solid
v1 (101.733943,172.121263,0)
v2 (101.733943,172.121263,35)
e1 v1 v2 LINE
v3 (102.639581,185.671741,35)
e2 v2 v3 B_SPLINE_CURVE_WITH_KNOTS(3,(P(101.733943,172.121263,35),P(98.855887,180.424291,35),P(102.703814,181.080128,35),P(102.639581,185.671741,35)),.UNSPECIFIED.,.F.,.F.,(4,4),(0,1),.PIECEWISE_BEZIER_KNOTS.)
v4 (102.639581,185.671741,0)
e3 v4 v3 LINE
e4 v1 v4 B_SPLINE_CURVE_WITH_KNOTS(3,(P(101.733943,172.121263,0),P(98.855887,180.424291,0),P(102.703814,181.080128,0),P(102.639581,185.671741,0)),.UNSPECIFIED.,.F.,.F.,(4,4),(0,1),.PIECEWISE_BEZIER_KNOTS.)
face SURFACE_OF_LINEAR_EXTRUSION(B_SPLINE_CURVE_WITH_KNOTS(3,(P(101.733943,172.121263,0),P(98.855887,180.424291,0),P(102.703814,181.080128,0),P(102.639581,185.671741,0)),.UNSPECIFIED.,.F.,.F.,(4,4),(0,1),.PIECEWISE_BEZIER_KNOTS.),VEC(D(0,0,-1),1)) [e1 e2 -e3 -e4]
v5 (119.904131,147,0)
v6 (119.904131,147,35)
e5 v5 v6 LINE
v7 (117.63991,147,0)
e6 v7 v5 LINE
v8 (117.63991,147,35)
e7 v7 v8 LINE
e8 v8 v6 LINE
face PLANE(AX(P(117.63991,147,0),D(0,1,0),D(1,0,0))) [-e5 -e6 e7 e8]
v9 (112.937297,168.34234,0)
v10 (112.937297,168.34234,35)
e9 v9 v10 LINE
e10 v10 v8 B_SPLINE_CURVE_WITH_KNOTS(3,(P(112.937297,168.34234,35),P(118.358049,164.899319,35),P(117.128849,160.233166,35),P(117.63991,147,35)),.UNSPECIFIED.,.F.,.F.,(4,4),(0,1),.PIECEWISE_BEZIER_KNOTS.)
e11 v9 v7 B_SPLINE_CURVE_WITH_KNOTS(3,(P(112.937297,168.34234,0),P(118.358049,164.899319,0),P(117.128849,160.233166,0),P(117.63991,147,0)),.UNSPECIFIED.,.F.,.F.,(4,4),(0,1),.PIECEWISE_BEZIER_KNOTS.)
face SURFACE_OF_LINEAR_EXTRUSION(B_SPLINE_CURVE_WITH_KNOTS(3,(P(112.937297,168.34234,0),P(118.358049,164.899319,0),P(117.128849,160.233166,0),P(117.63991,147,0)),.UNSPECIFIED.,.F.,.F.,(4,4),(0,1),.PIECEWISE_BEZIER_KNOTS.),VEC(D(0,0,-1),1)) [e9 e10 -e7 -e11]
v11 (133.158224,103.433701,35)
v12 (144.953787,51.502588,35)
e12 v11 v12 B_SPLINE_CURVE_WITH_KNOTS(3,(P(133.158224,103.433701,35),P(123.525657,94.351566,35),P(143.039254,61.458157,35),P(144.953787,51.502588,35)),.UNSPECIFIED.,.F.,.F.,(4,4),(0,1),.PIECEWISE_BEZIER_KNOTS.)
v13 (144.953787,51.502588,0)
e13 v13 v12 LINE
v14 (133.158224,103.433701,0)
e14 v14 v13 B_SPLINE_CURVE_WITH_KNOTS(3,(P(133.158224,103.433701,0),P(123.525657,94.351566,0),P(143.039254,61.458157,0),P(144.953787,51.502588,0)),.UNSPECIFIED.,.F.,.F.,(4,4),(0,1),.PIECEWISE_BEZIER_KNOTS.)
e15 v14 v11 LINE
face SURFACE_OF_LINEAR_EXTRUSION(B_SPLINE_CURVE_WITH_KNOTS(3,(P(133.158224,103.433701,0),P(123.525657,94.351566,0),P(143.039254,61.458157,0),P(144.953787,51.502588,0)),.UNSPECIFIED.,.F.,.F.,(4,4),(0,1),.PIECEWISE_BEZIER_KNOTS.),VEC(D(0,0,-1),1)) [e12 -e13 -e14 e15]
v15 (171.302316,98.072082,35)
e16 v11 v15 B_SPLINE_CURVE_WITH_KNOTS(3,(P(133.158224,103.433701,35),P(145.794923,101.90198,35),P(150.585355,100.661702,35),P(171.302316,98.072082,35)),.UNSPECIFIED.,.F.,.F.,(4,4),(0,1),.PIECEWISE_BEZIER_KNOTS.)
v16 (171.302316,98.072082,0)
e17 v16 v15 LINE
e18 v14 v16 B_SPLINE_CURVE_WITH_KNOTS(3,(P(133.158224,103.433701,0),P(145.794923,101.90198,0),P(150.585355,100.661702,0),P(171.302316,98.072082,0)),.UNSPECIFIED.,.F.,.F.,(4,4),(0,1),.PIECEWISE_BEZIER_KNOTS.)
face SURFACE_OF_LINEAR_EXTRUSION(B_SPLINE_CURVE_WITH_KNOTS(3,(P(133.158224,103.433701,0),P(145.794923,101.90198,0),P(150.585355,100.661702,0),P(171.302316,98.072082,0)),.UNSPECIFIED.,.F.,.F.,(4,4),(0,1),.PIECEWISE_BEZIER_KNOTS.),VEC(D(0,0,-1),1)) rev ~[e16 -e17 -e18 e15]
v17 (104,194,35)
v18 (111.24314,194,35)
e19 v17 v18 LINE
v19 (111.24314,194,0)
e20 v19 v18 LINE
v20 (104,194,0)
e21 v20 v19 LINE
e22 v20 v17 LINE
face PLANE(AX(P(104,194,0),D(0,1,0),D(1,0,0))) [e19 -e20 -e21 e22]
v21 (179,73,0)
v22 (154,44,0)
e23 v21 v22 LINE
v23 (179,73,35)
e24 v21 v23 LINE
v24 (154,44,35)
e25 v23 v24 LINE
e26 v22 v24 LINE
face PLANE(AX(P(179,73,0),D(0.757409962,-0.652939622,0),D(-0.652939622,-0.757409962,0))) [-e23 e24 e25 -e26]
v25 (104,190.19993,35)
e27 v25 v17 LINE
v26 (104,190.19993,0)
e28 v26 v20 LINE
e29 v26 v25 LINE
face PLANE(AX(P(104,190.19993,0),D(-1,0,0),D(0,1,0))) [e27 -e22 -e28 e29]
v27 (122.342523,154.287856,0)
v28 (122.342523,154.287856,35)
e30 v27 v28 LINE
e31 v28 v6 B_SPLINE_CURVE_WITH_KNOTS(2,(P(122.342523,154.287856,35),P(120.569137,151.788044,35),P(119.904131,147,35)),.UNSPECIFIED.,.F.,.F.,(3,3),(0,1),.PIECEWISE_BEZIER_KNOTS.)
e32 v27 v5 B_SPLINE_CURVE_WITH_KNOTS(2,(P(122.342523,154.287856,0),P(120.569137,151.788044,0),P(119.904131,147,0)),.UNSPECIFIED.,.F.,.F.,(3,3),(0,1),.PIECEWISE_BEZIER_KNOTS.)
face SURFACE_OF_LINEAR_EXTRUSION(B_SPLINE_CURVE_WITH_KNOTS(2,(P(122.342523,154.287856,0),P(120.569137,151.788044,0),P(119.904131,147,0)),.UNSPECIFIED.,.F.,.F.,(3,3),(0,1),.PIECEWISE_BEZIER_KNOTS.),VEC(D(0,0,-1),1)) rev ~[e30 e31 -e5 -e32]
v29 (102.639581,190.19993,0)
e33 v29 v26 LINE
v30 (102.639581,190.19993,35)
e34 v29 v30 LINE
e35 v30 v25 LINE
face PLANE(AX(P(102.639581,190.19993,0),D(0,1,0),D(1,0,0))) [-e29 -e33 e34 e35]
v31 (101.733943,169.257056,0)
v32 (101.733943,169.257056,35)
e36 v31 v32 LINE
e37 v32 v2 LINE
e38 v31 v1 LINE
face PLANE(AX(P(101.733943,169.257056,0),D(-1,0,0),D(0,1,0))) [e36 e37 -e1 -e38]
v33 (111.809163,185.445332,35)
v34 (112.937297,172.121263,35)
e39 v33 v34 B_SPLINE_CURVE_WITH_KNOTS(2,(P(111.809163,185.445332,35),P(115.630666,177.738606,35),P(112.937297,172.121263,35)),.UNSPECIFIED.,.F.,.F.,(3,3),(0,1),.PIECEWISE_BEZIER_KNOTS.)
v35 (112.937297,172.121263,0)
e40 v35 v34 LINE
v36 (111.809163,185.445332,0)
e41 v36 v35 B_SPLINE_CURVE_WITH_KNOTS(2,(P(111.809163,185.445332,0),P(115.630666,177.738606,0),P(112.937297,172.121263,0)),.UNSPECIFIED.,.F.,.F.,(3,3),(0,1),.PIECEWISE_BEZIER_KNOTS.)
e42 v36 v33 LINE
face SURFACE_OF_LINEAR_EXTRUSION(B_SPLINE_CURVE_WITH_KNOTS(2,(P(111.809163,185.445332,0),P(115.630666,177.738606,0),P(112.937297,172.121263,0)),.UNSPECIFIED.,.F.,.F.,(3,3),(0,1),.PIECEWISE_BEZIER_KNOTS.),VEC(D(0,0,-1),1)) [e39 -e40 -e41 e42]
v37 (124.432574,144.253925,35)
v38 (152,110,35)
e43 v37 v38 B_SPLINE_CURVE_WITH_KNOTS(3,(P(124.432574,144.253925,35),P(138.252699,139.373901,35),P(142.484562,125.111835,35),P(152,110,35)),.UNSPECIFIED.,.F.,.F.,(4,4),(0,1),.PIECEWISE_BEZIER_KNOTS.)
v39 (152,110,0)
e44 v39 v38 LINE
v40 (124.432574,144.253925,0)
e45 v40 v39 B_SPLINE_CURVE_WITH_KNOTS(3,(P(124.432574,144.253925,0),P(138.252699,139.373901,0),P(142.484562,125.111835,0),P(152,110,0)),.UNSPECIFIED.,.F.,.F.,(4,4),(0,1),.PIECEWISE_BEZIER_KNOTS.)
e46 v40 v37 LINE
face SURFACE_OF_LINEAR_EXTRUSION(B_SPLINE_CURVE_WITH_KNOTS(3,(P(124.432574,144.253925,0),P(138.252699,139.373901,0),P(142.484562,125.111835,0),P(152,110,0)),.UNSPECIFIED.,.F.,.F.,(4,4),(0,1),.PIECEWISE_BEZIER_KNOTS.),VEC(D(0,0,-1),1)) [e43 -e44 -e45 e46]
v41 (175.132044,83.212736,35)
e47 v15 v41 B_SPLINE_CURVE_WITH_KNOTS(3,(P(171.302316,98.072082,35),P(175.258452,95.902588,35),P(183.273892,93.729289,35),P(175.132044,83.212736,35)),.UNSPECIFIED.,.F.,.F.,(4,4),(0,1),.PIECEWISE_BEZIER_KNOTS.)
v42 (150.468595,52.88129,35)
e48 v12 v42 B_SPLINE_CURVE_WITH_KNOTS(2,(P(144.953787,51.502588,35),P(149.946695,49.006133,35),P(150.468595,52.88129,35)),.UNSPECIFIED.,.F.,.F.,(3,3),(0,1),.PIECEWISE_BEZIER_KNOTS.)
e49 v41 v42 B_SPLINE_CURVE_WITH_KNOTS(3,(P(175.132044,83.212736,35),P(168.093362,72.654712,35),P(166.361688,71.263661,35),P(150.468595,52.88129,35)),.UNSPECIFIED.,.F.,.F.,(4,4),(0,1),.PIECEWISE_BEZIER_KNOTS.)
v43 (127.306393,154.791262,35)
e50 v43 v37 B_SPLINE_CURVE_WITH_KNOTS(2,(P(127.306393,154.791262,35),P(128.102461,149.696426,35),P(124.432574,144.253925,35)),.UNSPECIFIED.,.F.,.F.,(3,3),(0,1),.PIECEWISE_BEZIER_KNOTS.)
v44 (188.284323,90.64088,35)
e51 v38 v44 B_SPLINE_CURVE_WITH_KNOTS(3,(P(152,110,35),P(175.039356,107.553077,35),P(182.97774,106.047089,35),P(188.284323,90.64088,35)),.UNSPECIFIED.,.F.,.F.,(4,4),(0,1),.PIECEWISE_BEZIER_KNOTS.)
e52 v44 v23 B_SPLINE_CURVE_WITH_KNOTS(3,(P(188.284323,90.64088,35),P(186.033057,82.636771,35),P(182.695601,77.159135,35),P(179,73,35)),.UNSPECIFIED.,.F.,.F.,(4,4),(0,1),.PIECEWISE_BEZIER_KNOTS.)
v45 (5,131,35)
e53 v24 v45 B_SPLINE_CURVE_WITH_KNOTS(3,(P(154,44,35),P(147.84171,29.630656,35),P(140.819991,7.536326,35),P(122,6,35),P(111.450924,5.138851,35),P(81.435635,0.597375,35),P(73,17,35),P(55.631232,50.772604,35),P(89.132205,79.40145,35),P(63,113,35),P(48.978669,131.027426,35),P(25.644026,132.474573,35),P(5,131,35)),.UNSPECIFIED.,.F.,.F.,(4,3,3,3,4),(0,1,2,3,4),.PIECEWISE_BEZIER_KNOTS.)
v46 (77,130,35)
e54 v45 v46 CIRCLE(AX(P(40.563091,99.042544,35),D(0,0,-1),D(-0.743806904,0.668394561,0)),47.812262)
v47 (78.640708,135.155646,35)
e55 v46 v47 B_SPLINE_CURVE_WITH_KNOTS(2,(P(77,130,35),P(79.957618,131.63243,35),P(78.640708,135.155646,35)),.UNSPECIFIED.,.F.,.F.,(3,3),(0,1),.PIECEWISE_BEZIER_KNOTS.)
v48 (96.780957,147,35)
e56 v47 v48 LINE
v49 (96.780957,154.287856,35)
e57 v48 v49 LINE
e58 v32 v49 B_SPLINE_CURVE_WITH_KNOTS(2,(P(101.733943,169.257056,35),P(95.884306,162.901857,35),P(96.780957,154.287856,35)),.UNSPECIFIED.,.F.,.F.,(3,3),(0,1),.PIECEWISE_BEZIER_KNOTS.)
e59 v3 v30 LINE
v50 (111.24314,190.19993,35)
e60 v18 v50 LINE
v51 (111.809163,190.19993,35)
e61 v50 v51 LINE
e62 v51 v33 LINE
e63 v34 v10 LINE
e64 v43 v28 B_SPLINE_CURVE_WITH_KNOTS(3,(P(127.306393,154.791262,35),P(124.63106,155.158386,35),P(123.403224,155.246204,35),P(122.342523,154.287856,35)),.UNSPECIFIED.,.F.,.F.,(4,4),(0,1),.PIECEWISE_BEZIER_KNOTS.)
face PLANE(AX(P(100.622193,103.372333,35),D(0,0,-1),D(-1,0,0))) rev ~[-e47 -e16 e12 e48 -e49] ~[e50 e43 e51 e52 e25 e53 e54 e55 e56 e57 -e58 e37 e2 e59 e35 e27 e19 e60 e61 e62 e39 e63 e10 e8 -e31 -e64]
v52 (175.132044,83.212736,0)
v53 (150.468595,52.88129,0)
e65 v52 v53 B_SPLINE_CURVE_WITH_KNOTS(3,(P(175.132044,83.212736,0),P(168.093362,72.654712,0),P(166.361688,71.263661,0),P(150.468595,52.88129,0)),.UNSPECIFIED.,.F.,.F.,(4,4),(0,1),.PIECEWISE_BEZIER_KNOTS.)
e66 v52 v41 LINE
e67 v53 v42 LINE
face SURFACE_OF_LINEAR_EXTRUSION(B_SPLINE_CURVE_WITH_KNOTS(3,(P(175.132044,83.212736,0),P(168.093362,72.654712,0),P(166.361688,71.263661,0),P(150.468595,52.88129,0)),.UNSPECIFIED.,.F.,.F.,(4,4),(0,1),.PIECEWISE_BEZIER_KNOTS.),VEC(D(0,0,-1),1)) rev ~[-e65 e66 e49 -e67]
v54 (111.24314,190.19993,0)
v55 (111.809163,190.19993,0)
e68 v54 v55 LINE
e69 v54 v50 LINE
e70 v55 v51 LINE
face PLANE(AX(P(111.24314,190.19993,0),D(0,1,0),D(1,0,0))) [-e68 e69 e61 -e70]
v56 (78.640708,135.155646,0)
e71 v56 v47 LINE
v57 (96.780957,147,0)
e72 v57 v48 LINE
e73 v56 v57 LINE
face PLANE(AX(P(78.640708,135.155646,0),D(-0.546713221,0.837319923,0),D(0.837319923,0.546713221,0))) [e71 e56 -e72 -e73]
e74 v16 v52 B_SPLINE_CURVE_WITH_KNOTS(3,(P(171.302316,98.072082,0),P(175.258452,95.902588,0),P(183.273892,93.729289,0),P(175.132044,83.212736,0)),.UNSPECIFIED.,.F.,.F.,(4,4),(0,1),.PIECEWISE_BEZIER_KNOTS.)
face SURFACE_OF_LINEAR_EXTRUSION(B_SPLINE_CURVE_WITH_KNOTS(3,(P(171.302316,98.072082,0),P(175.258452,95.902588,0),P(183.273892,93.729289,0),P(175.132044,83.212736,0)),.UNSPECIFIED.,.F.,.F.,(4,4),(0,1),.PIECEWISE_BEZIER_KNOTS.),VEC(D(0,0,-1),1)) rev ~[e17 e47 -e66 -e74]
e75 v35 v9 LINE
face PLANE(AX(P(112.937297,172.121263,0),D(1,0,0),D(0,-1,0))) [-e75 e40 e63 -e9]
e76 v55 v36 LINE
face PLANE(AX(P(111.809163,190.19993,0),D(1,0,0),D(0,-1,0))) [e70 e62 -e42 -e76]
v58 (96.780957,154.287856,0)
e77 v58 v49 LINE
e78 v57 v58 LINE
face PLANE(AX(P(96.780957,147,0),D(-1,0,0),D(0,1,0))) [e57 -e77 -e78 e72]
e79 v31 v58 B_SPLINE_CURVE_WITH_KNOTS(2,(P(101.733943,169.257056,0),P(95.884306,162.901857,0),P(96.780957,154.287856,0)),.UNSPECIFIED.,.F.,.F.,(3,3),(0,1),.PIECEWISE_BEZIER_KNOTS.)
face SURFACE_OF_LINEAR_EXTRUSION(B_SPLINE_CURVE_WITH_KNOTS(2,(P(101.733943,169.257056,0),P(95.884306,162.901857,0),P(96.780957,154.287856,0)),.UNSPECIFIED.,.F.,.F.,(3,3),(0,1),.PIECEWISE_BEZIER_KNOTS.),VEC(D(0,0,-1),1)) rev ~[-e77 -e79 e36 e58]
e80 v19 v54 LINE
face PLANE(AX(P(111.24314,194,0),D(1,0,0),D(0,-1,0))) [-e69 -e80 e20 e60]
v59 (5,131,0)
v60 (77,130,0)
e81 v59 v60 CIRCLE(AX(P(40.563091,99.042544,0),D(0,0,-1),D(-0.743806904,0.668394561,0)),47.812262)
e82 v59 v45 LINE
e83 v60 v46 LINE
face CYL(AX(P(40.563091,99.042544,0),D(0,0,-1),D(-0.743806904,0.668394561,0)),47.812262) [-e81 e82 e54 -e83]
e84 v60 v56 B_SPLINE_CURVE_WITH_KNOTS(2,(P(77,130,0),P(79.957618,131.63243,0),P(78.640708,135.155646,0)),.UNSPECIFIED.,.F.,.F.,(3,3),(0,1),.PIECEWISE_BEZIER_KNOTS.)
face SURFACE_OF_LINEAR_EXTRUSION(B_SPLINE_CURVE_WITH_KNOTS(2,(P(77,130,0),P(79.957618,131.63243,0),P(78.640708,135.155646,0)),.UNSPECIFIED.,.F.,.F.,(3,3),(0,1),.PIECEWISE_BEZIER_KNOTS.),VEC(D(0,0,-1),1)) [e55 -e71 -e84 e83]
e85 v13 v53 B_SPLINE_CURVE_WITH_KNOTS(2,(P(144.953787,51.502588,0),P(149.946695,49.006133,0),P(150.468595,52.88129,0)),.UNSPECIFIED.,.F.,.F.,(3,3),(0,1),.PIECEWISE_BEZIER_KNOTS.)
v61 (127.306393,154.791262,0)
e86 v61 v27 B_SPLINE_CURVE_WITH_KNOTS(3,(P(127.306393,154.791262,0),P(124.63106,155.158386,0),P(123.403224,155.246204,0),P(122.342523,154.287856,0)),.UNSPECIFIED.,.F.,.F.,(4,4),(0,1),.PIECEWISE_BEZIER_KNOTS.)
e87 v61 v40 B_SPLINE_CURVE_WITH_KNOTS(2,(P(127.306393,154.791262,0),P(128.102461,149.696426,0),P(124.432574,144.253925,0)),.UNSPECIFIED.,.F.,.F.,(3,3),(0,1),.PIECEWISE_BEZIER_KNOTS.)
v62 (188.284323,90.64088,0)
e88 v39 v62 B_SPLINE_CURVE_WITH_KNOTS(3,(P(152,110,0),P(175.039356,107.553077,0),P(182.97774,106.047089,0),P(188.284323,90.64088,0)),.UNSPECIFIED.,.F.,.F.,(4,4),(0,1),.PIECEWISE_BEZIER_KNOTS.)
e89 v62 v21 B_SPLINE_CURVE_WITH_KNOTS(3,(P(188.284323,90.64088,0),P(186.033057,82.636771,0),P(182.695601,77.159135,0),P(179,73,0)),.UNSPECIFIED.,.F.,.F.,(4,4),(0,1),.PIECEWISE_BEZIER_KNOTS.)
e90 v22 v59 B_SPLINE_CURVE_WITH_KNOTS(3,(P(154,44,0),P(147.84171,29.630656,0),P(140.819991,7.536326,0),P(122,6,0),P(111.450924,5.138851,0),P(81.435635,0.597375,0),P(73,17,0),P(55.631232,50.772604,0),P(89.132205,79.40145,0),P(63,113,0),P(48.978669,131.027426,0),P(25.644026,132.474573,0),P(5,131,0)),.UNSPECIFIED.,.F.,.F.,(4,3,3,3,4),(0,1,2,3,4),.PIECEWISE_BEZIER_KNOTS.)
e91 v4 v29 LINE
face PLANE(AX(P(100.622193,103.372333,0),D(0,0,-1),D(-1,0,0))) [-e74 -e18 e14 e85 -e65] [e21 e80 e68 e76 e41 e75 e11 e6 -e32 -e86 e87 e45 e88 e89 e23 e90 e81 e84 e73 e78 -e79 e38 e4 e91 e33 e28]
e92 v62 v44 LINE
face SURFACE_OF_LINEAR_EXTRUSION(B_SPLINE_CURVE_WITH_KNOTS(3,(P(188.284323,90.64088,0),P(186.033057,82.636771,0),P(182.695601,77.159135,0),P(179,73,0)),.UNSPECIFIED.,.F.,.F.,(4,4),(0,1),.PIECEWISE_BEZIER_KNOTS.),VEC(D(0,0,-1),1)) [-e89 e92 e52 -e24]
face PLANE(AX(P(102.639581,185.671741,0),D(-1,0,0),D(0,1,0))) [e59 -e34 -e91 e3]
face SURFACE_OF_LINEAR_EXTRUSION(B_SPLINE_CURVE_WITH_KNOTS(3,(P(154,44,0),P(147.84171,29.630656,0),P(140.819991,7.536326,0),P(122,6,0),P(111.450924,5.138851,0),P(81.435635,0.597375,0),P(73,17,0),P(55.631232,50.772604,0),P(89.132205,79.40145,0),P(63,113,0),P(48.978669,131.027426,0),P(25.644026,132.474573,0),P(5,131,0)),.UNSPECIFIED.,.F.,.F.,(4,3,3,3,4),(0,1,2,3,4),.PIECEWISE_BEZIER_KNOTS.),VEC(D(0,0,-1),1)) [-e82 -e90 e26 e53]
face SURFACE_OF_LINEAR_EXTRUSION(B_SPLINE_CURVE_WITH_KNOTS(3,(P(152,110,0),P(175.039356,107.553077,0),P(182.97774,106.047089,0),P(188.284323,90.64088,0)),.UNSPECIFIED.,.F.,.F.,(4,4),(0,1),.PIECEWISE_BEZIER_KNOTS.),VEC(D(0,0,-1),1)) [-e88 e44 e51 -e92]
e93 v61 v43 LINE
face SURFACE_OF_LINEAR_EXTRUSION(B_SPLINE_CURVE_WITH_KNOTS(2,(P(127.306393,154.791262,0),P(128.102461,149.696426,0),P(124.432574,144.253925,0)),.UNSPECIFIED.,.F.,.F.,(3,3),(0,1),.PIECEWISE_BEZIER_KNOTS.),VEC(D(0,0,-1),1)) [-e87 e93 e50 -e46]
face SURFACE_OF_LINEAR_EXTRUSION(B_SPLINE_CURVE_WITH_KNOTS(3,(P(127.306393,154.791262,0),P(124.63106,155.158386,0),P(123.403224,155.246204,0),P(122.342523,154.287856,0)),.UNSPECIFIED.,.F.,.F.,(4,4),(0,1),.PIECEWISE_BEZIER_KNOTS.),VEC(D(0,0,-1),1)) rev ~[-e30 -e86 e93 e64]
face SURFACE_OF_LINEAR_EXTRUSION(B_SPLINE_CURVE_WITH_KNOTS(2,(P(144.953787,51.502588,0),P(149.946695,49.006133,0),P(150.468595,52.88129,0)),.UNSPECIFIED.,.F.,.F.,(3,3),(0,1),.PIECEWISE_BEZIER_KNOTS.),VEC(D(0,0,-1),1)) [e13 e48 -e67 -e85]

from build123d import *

# Parameters (mm, degrees)
BOSS_EXTRUDE1_DEPTH = 35


with BuildPart() as part:
    # Sketch3 → Boss-Extrude1 (new body)
    with BuildSketch(Plane.XY):
        with BuildLine():
            Line((104, 194), (111.243139856, 194))
            Line((111.243139856, 194), (111.243139856, 190.199930167))
            Line((111.243139856, 190.199930167), (111.809163479, 190.199930167))
            Line((111.809163479, 190.199930167), (111.809163479, 185.445331727))
            add(Edge.make_bspline(
                [(111.809163479, 185.445331727), (115.630666058, 177.738605975), (112.937296847, 172.1212629)],
                knots=[0, 0, 0, 1, 1, 1], degree=2))
            Line((112.937296847, 172.1212629), (112.937296847, 168.342339632))
            add(Edge.make_bspline(
                [(112.937296847, 168.342339632), (118.358048897, 164.899319212), (117.128849175, 160.233165907), (117.639910042, 147)],
                knots=[0, 0, 0, 0, 1, 1, 1, 1], degree=3))
            Line((117.639910042, 147), (119.90413121, 147))
            add(Edge.make_bspline(
                [(122.342523237, 154.28785602), (120.569137325, 151.788044026), (119.90413121, 147)],
                knots=[0, 0, 0, 1, 1, 1], degree=2))
            add(Edge.make_bspline(
                [(127.30639272, 154.791262423), (124.631060475, 155.158386188), (123.403223541, 155.246203552), (122.342523237, 154.28785602)],
                knots=[0, 0, 0, 0, 1, 1, 1, 1], degree=3))
            add(Edge.make_bspline(
                [(127.30639272, 154.791262423), (128.102460929, 149.696425885), (124.432573546, 144.253925449)],
                knots=[0, 0, 0, 1, 1, 1], degree=2))
            add(Edge.make_bspline(
                [(124.432573546, 144.253925449), (138.252698579, 139.373901468), (142.484561782, 125.111835366), (152, 110)],
                knots=[0, 0, 0, 0, 1, 1, 1, 1], degree=3))
            add(Edge.make_bspline(
                [(152, 110), (175.039355648, 107.553077396), (182.977740075, 106.047089354), (188.284323191, 90.640880306)],
                knots=[0, 0, 0, 0, 1, 1, 1, 1], degree=3))
            add(Edge.make_bspline(
                [(188.284323191, 90.640880306), (186.033057199, 82.636770575), (182.695601326, 77.159135199), (179, 73)],
                knots=[0, 0, 0, 0, 1, 1, 1, 1], degree=3))
            Line((179, 73), (154, 44))
            add(Edge.make_bspline(
                [(154, 44), (147.841709553, 29.630655625), (140.819991316, 7.536325822), (122, 6), (111.450923586, 5.138850905), (81.435635461, 0.597375492), (73, 17), (55.631232253, 50.772603952), (89.132205207, 79.401450448), (63, 113), (48.978668521, 131.027426187), (25.644025715, 132.474573265), (5, 131)],
                knots=[0, 0, 0, 0, 1, 1, 1, 2, 2, 2, 3, 3, 3, 4, 4, 4, 4], degree=3))
            ThreePointArc((5, 131), (41.227086047, 146.850195397), (77, 130))
            add(Edge.make_bspline(
                [(77, 130), (79.957617681, 131.632429648), (78.64070831, 135.155645603)],
                knots=[0, 0, 0, 1, 1, 1], degree=2))
            Line((78.64070831, 135.155645603), (96.780957221, 147))
            Line((96.780957221, 147), (96.780957221, 154.28785602))
            add(Edge.make_bspline(
                [(101.733942976, 169.257056086), (95.884306476, 162.901856833), (96.780957221, 154.28785602)],
                knots=[0, 0, 0, 1, 1, 1], degree=2))
            Line((101.733942976, 169.257056086), (101.733942976, 172.1212629))
            add(Edge.make_bspline(
                [(101.733942976, 172.1212629), (98.855887436, 180.424291339), (102.703814002, 181.080128123), (102.639580774, 185.671741176)],
                knots=[0, 0, 0, 0, 1, 1, 1, 1], degree=3))
            Line((102.639580774, 185.671741176), (102.639580774, 190.199930167))
            Line((102.639580774, 190.199930167), (104, 190.199930167))
            Line((104, 190.199930167), (104, 194))
        make_face()
        with BuildLine():
            add(Edge.make_bspline(
                [(133.158224266, 103.433700895), (123.525657378, 94.3515664), (143.03925437, 61.458156624), (144.95378688, 51.502587568)],
                knots=[0, 0, 0, 0, 1, 1, 1, 1], degree=3))
            add(Edge.make_bspline(
                [(144.95378688, 51.502587568), (149.946695483, 49.006133267), (150.468595375, 52.881289692)],
                knots=[0, 0, 0, 1, 1, 1], degree=2))
            add(Edge.make_bspline(
                [(175.132044477, 83.212736414), (168.093361695, 72.65471224), (166.361687612, 71.263661436), (150.468595375, 52.881289692)],
                knots=[0, 0, 0, 0, 1, 1, 1, 1], degree=3))
            add(Edge.make_bspline(
                [(171.302316356, 98.072081525), (175.258451909, 95.902587835), (183.273891979, 93.729289437), (175.132044477, 83.212736414)],
                knots=[0, 0, 0, 0, 1, 1, 1, 1], degree=3))
            add(Edge.make_bspline(
                [(133.158224266, 103.433700895), (145.794923439, 101.901979783), (150.585355412, 100.661701643), (171.302316356, 98.072081525)],
                knots=[0, 0, 0, 0, 1, 1, 1, 1], degree=3))
        make_face(mode=Mode.SUBTRACT)
    extrude(amount=BOSS_EXTRUDE1_DEPTH)


solid = part.part
